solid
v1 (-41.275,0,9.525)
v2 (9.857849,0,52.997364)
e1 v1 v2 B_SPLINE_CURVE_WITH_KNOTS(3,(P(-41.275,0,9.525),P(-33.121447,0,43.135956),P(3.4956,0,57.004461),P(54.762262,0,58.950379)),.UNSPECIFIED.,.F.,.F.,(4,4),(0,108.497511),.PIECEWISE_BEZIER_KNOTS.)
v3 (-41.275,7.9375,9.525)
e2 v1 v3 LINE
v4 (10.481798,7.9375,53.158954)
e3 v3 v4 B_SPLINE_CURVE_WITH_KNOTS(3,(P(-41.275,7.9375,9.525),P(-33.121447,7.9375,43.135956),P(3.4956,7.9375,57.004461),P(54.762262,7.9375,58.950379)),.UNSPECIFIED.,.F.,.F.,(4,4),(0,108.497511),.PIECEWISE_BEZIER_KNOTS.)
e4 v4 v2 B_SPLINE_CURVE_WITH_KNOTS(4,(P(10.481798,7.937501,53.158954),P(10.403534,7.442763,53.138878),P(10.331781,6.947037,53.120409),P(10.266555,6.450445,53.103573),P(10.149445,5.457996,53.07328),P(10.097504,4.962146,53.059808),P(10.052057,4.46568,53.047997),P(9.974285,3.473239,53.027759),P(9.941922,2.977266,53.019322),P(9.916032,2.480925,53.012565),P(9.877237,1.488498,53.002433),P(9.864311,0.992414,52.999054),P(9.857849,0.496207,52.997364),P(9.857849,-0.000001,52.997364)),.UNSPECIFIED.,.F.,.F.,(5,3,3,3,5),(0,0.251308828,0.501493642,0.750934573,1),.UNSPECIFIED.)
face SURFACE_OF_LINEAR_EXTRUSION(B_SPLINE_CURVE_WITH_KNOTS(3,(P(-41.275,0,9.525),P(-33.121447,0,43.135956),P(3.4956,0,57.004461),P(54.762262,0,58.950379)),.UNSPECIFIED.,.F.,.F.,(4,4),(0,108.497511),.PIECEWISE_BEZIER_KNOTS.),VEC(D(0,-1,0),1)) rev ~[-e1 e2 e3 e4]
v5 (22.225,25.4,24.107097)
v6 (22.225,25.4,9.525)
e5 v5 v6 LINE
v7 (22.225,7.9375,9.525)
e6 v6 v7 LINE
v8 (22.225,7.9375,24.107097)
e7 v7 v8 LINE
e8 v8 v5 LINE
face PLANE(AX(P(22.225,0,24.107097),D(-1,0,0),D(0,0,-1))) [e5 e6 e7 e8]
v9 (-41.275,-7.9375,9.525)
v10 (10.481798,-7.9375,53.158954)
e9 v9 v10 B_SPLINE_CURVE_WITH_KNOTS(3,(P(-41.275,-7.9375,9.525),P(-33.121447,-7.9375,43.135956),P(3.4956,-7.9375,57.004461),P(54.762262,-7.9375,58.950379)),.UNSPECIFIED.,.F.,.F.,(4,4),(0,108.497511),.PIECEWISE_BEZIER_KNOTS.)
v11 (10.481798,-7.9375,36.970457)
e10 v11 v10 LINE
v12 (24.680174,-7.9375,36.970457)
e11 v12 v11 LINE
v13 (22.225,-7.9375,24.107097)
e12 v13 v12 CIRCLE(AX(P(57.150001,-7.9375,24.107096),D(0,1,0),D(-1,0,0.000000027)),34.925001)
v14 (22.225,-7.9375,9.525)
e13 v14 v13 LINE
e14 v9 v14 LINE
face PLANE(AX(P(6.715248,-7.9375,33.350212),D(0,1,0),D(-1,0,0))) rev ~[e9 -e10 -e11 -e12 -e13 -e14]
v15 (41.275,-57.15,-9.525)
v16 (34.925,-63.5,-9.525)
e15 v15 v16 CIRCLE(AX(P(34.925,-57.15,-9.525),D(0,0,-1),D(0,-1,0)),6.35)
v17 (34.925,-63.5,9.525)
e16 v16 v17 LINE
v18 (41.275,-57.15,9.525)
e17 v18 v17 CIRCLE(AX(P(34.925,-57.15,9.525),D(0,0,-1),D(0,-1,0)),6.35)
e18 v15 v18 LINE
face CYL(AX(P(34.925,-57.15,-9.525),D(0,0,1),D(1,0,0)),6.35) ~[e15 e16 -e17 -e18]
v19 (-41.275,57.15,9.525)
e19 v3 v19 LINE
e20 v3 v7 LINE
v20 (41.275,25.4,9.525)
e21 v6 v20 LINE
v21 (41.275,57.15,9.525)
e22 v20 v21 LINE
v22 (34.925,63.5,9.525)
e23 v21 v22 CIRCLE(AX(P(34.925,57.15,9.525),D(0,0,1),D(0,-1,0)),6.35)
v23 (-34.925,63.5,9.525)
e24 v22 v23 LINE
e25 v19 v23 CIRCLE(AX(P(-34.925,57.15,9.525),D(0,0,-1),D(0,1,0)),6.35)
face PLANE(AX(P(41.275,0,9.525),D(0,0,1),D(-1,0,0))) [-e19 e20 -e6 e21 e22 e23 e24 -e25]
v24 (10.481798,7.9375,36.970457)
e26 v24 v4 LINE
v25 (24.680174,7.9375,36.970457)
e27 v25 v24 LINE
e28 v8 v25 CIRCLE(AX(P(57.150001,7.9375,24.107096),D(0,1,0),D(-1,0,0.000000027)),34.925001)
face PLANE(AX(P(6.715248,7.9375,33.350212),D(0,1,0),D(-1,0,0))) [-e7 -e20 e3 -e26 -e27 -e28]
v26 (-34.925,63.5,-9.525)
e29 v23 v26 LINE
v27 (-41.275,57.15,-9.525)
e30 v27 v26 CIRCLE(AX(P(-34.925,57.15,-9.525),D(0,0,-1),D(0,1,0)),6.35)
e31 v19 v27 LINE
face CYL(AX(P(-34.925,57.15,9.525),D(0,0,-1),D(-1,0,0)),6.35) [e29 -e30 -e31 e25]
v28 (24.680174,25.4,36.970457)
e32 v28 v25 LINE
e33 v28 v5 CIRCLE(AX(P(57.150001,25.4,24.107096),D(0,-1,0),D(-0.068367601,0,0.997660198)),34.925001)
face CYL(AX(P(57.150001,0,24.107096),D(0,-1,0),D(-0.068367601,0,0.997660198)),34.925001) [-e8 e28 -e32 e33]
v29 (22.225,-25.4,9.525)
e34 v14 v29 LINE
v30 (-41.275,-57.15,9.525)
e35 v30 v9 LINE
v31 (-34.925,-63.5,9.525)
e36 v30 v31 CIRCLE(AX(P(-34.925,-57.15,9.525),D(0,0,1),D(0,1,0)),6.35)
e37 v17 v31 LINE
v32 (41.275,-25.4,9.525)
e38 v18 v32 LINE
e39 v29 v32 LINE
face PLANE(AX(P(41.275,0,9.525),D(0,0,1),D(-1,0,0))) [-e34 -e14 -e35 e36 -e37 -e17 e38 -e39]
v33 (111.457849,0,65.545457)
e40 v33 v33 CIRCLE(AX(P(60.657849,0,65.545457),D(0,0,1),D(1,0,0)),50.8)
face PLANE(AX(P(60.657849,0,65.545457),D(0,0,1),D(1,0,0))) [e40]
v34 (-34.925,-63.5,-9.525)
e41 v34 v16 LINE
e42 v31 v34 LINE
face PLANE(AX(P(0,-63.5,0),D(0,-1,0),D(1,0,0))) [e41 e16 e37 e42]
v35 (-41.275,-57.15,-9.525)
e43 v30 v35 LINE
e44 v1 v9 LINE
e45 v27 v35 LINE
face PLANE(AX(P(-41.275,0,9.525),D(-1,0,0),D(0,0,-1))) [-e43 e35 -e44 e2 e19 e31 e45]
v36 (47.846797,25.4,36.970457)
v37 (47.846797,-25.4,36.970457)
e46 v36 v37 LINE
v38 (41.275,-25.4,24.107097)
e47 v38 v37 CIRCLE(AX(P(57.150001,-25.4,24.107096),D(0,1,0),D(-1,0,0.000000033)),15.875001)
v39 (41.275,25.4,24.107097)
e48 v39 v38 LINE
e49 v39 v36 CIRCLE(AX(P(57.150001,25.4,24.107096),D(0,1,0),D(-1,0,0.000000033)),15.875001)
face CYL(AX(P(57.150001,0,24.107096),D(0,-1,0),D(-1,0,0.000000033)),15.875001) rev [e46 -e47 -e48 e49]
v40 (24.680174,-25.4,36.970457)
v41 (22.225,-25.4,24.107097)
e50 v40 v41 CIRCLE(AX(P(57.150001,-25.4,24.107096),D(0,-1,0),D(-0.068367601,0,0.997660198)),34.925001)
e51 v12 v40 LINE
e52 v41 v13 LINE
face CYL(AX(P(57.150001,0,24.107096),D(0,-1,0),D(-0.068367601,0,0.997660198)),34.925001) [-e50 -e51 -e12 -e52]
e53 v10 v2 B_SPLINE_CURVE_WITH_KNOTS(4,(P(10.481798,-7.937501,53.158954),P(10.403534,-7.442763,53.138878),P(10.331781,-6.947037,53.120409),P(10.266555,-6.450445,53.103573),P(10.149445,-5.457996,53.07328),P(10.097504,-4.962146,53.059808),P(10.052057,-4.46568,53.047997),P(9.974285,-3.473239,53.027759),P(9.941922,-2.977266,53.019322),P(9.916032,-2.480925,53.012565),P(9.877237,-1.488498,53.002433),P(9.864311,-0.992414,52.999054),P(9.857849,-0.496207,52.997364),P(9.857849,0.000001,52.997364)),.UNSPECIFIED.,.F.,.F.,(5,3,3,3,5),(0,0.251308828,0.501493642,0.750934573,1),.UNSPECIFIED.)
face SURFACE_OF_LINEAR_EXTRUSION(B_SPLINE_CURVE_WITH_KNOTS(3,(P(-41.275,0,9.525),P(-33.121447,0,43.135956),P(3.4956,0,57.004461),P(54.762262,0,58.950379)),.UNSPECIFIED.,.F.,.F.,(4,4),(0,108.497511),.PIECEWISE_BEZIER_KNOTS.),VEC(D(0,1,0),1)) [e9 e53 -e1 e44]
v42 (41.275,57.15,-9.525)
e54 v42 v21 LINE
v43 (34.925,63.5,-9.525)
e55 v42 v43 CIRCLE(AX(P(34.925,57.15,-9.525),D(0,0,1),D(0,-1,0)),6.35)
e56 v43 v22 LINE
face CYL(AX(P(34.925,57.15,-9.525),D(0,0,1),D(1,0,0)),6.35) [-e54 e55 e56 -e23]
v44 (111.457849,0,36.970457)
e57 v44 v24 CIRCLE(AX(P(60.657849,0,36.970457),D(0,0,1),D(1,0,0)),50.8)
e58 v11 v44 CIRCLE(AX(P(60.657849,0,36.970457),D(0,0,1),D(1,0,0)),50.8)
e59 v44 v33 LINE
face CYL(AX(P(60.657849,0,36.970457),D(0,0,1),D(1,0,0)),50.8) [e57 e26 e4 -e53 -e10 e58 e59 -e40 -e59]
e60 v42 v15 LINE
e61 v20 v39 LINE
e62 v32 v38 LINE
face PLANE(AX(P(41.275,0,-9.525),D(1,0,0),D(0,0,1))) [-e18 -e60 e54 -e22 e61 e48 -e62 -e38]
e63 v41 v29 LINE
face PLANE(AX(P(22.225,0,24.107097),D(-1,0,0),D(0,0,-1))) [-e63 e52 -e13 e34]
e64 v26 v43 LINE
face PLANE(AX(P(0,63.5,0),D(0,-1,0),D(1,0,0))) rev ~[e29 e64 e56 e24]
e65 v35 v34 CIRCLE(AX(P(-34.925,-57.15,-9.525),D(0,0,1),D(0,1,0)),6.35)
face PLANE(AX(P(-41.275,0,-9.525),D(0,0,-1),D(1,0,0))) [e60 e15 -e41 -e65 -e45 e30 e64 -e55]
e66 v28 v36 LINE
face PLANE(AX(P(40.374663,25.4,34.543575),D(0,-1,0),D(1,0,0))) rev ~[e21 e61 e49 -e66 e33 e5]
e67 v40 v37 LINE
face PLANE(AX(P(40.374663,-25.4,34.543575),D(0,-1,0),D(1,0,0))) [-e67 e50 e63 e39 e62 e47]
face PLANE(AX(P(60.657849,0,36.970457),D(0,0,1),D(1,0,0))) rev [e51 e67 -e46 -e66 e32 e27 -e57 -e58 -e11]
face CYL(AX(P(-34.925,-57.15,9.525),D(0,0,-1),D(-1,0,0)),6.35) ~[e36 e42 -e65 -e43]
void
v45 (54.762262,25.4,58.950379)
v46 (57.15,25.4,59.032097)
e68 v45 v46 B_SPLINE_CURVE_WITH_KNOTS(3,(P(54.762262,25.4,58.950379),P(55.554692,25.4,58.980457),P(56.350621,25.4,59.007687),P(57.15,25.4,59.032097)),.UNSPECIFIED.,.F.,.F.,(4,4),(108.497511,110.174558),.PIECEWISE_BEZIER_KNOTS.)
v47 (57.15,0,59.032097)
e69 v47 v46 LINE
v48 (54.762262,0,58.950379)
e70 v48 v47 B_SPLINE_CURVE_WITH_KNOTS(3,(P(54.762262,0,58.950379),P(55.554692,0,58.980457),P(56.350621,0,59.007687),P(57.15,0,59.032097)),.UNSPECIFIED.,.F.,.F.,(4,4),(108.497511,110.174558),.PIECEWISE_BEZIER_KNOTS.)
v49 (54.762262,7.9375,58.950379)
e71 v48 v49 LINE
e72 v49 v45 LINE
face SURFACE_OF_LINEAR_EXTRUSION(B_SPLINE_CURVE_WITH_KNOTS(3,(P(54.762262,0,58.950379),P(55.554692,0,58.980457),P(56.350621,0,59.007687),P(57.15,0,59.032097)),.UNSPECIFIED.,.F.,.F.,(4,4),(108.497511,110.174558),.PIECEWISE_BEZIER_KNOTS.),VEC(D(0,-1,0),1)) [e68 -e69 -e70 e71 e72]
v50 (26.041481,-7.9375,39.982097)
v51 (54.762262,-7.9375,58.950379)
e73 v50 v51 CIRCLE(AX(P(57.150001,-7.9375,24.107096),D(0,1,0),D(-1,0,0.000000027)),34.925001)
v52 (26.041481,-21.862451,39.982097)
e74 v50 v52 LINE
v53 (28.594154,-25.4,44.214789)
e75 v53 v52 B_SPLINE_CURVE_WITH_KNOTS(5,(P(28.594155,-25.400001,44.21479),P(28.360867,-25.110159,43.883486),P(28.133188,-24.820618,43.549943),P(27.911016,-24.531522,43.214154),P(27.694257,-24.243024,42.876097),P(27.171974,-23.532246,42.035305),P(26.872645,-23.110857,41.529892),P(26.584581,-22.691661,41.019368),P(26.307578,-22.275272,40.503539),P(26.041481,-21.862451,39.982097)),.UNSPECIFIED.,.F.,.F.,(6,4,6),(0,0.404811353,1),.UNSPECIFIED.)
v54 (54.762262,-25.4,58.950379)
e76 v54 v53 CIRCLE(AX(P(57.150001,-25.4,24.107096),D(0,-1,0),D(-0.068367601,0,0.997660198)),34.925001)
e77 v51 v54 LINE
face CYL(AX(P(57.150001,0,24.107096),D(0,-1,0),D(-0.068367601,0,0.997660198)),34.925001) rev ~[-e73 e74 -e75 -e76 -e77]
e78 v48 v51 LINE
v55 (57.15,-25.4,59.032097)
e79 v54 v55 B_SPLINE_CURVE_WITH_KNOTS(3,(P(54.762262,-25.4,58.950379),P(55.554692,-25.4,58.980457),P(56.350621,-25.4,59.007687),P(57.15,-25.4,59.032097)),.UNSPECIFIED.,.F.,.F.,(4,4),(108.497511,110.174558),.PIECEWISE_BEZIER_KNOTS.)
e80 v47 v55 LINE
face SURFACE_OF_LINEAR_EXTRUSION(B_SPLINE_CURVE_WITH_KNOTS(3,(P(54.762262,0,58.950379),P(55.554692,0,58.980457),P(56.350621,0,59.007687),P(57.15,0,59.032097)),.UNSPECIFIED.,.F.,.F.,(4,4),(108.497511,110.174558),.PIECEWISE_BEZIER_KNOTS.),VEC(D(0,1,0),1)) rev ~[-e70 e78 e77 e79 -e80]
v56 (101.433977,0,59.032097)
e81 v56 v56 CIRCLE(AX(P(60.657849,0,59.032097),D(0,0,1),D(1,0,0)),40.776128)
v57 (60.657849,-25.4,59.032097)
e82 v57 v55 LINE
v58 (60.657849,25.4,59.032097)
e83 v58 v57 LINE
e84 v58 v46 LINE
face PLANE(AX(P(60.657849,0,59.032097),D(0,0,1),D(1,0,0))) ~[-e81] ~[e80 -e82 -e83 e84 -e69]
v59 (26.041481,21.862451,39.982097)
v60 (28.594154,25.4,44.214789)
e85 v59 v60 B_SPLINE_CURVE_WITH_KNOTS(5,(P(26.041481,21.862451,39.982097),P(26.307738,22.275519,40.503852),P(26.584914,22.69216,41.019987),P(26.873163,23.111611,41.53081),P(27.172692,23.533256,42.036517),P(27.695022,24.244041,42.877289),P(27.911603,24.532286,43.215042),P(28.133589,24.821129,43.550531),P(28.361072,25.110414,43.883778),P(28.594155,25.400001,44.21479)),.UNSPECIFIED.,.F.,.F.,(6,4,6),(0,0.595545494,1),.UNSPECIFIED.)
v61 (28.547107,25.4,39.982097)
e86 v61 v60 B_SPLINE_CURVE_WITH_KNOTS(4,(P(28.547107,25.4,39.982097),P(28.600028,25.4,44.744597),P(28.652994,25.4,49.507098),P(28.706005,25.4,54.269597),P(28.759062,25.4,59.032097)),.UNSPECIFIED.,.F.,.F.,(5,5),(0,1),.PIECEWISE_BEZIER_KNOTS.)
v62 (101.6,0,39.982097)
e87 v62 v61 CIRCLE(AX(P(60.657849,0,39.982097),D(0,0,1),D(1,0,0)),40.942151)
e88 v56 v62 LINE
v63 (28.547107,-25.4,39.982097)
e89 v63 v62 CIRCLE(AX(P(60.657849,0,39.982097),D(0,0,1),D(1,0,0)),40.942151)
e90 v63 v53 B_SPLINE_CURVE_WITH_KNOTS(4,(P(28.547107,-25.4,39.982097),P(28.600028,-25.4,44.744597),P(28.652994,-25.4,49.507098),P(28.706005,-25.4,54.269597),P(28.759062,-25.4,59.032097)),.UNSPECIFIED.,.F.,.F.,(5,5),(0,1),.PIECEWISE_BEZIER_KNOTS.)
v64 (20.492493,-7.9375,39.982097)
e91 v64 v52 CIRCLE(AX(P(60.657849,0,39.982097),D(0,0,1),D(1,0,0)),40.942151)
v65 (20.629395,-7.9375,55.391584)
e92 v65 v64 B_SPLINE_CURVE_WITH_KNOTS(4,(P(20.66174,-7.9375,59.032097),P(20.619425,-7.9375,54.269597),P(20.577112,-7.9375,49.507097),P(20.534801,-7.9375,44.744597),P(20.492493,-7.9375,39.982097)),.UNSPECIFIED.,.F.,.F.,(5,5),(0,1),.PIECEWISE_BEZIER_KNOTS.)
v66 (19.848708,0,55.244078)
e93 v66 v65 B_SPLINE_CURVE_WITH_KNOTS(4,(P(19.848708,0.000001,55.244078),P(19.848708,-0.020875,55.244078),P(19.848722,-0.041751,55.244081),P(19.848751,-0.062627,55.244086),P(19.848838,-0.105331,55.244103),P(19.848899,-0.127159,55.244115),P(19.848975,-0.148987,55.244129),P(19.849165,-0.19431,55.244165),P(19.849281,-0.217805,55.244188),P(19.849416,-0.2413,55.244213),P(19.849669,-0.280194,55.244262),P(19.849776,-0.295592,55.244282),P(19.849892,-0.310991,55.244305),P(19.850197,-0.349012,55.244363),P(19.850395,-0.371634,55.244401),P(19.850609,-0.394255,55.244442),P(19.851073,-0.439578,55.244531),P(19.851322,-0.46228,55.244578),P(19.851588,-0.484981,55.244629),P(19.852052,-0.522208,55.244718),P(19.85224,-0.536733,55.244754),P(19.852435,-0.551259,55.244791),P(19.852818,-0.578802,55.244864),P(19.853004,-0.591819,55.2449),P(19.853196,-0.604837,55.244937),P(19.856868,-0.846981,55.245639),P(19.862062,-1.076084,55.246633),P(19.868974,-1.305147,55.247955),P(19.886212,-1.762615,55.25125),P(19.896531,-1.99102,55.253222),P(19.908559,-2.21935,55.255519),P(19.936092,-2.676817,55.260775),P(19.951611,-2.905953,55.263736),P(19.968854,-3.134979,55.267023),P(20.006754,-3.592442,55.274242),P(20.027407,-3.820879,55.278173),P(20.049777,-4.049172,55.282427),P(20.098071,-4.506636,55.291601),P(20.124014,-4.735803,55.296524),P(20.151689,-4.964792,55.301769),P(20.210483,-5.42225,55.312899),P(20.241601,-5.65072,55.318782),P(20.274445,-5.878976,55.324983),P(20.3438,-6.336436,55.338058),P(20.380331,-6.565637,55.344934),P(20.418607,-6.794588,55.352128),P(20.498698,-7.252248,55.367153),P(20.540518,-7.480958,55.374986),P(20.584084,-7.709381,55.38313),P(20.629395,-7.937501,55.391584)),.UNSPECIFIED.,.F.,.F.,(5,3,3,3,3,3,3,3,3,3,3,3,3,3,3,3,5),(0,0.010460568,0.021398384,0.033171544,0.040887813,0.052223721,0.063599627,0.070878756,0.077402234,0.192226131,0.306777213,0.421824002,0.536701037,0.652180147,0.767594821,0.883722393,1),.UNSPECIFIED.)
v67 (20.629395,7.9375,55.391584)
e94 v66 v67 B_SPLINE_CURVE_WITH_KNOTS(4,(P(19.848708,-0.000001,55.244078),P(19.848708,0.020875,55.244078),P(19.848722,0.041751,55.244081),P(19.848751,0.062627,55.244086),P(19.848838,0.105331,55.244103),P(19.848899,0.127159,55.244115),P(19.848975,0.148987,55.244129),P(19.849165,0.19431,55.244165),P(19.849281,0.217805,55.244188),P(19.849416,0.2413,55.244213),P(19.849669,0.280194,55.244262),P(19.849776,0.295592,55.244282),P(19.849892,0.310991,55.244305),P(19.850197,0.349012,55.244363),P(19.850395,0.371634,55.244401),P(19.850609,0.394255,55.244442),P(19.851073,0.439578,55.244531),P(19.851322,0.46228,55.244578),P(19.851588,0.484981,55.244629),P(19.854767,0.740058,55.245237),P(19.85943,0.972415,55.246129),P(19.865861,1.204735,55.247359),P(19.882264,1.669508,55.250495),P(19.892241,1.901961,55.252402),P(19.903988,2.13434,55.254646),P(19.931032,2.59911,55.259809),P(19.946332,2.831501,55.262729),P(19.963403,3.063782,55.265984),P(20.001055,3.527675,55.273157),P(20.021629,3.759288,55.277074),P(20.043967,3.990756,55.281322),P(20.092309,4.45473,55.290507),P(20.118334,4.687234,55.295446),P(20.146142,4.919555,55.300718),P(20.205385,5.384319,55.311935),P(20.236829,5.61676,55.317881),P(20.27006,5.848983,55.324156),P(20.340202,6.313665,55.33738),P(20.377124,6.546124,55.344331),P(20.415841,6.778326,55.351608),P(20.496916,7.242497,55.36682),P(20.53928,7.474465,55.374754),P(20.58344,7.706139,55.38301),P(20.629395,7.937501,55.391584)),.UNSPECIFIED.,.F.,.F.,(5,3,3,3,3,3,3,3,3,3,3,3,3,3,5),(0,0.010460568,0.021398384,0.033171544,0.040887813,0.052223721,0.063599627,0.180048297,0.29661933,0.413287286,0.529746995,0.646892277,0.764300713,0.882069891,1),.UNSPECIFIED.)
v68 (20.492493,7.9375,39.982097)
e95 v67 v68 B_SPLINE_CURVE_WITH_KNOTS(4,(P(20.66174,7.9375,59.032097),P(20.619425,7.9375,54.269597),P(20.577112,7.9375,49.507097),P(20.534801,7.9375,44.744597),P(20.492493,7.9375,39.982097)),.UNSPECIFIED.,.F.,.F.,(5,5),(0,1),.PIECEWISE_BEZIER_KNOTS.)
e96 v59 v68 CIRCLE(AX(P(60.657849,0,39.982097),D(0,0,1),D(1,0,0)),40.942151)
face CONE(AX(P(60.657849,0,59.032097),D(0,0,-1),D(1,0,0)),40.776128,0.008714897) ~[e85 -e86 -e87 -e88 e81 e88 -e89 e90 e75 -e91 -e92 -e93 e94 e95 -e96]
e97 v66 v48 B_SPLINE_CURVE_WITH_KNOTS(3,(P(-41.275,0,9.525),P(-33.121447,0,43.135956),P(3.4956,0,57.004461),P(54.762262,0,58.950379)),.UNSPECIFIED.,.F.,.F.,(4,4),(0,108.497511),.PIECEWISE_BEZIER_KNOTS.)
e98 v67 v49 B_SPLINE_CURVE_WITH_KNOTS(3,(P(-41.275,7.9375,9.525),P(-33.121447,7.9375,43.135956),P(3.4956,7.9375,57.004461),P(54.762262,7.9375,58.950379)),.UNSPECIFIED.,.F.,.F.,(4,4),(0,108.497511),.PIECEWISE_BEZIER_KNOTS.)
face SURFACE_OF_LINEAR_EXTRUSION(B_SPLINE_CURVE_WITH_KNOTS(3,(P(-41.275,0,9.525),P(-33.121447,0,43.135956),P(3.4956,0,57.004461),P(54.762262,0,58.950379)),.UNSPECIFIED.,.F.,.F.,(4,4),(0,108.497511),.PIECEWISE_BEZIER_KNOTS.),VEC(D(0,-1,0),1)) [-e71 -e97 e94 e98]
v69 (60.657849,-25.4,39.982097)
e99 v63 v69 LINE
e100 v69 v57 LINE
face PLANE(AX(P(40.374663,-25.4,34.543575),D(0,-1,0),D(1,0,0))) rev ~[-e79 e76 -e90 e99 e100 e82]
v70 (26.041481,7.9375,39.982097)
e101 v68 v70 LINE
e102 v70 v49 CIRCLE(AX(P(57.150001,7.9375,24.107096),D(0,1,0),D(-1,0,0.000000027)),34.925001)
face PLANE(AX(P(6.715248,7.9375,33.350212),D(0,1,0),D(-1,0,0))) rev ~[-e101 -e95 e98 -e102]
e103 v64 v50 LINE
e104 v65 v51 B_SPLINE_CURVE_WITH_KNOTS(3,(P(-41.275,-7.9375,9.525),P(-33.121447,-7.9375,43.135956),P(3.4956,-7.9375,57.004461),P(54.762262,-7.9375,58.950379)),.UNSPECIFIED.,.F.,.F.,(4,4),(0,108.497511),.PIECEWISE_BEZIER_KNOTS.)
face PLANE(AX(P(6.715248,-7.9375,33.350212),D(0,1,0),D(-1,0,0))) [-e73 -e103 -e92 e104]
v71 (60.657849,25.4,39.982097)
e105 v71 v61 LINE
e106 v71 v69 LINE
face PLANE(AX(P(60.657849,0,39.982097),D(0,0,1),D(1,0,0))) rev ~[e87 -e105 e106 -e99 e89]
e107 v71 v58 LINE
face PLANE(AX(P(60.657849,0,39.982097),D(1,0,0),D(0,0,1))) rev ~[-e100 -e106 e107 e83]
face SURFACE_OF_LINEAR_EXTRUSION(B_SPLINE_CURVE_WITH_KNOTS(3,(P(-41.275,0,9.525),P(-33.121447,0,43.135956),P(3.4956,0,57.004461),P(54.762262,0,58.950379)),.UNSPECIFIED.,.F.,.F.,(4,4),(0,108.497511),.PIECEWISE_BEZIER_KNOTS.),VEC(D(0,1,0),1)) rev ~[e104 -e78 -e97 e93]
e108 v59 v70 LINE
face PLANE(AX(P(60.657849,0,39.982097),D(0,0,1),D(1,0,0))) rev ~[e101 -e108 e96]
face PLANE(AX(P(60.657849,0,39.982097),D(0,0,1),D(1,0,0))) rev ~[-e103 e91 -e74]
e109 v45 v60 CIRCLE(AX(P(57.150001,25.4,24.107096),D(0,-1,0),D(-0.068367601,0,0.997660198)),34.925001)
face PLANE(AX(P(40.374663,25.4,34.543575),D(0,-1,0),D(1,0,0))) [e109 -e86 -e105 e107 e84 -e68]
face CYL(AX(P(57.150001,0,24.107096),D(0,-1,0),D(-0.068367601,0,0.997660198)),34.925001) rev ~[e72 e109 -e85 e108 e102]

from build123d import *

# Parameters (mm, degrees)
F1_DEPTH = 63.5
F2_DEPTH = 25.4
F3_DEPTH = 7.9375
F5_R     = 6.35


with BuildPart() as f1:
    # F0 (on Front) → F1 (new body, symmetric)
    with BuildSketch(Plane.XZ):
        Polygon((22.225, 9.525), (-41.275, 9.525), (-41.275, -9.525), (41.275, -9.525), (41.275, 9.525), align=None)
    extrude(amount=F1_DEPTH, both=True)

    # F0 (on Front) → F2 (join, symmetric)
    with BuildSketch(Plane.XZ):
        with BuildLine():
            Line((22.225, 24.107097), (22.225, 9.525))
            Line((22.225, 9.525), (41.275, 9.525))
            Line((41.275, 9.525), (41.275, 24.107097))
            ThreePointArc((41.275, 24.107097), (45.92468, 35.332417), (57.15, 39.982097))
            Line((57.15, 39.982097), (60.657849, 39.982097))
            Line((60.657849, 39.982097), (60.657849, 59.032097))
            Line((60.657849, 59.032097), (57.15, 59.032097))
            add(Edge.make_bspline(
                [(54.762262, 58.950379), (55.554692, 58.980457), (56.350621, 59.007687), (57.15, 59.032097)],
                knots=[108.497511, 108.497511, 108.497511, 108.497511, 110.174558, 110.174558, 110.174558, 110.174558], degree=3))
            ThreePointArc((54.762262, 58.950379), (31.624059, 47.943664), (22.225, 24.107097))
        make_face()
    extrude(amount=F2_DEPTH, both=True)

    # F0 (on Front) → F3 (join, symmetric)
    with BuildSketch(Plane.XZ):
        with BuildLine():
            add(Edge.make_bspline(
                [(-41.275, 9.525), (-33.121447, 43.135956), (3.4956, 57.004461), (54.762262, 58.950379)],
                knots=[0, 0, 0, 0, 108.497511, 108.497511, 108.497511, 108.497511], degree=3))
            Line((-41.275, 9.525), (22.225, 9.525))
            Line((22.225, 9.525), (22.225, 24.107097))
            ThreePointArc((22.225, 24.107097), (31.624059, 47.943664), (54.762262, 58.950379))
        make_face()
    extrude(amount=F3_DEPTH, both=True)

    # F0 (on Front) → F4 (revolve)
    with BuildSketch(Plane.XZ):
        Polygon((60.657849, 65.545457), (60.657849, 59.032097), (101.433977, 59.032097), (101.6, 39.982097), (60.657849, 39.982097), (60.657849, 36.970457), (111.457849, 36.970457), (111.457849, 65.545457), align=None)
    revolve(axis=Axis((60.657849, 0, 51.257957), (0, 0, 1)))

    # F5
    f5_edges = [f1.edges().sort_by_distance(p)[0] for p in [
        (41.275, -63.5, 0),
        (-41.275, -63.5, 0),
        (41.275, 63.5, 0),
        (-41.275, 63.5, 0),
    ]]
    fillet(f5_edges, radius=F5_R)


solid = f1.part
